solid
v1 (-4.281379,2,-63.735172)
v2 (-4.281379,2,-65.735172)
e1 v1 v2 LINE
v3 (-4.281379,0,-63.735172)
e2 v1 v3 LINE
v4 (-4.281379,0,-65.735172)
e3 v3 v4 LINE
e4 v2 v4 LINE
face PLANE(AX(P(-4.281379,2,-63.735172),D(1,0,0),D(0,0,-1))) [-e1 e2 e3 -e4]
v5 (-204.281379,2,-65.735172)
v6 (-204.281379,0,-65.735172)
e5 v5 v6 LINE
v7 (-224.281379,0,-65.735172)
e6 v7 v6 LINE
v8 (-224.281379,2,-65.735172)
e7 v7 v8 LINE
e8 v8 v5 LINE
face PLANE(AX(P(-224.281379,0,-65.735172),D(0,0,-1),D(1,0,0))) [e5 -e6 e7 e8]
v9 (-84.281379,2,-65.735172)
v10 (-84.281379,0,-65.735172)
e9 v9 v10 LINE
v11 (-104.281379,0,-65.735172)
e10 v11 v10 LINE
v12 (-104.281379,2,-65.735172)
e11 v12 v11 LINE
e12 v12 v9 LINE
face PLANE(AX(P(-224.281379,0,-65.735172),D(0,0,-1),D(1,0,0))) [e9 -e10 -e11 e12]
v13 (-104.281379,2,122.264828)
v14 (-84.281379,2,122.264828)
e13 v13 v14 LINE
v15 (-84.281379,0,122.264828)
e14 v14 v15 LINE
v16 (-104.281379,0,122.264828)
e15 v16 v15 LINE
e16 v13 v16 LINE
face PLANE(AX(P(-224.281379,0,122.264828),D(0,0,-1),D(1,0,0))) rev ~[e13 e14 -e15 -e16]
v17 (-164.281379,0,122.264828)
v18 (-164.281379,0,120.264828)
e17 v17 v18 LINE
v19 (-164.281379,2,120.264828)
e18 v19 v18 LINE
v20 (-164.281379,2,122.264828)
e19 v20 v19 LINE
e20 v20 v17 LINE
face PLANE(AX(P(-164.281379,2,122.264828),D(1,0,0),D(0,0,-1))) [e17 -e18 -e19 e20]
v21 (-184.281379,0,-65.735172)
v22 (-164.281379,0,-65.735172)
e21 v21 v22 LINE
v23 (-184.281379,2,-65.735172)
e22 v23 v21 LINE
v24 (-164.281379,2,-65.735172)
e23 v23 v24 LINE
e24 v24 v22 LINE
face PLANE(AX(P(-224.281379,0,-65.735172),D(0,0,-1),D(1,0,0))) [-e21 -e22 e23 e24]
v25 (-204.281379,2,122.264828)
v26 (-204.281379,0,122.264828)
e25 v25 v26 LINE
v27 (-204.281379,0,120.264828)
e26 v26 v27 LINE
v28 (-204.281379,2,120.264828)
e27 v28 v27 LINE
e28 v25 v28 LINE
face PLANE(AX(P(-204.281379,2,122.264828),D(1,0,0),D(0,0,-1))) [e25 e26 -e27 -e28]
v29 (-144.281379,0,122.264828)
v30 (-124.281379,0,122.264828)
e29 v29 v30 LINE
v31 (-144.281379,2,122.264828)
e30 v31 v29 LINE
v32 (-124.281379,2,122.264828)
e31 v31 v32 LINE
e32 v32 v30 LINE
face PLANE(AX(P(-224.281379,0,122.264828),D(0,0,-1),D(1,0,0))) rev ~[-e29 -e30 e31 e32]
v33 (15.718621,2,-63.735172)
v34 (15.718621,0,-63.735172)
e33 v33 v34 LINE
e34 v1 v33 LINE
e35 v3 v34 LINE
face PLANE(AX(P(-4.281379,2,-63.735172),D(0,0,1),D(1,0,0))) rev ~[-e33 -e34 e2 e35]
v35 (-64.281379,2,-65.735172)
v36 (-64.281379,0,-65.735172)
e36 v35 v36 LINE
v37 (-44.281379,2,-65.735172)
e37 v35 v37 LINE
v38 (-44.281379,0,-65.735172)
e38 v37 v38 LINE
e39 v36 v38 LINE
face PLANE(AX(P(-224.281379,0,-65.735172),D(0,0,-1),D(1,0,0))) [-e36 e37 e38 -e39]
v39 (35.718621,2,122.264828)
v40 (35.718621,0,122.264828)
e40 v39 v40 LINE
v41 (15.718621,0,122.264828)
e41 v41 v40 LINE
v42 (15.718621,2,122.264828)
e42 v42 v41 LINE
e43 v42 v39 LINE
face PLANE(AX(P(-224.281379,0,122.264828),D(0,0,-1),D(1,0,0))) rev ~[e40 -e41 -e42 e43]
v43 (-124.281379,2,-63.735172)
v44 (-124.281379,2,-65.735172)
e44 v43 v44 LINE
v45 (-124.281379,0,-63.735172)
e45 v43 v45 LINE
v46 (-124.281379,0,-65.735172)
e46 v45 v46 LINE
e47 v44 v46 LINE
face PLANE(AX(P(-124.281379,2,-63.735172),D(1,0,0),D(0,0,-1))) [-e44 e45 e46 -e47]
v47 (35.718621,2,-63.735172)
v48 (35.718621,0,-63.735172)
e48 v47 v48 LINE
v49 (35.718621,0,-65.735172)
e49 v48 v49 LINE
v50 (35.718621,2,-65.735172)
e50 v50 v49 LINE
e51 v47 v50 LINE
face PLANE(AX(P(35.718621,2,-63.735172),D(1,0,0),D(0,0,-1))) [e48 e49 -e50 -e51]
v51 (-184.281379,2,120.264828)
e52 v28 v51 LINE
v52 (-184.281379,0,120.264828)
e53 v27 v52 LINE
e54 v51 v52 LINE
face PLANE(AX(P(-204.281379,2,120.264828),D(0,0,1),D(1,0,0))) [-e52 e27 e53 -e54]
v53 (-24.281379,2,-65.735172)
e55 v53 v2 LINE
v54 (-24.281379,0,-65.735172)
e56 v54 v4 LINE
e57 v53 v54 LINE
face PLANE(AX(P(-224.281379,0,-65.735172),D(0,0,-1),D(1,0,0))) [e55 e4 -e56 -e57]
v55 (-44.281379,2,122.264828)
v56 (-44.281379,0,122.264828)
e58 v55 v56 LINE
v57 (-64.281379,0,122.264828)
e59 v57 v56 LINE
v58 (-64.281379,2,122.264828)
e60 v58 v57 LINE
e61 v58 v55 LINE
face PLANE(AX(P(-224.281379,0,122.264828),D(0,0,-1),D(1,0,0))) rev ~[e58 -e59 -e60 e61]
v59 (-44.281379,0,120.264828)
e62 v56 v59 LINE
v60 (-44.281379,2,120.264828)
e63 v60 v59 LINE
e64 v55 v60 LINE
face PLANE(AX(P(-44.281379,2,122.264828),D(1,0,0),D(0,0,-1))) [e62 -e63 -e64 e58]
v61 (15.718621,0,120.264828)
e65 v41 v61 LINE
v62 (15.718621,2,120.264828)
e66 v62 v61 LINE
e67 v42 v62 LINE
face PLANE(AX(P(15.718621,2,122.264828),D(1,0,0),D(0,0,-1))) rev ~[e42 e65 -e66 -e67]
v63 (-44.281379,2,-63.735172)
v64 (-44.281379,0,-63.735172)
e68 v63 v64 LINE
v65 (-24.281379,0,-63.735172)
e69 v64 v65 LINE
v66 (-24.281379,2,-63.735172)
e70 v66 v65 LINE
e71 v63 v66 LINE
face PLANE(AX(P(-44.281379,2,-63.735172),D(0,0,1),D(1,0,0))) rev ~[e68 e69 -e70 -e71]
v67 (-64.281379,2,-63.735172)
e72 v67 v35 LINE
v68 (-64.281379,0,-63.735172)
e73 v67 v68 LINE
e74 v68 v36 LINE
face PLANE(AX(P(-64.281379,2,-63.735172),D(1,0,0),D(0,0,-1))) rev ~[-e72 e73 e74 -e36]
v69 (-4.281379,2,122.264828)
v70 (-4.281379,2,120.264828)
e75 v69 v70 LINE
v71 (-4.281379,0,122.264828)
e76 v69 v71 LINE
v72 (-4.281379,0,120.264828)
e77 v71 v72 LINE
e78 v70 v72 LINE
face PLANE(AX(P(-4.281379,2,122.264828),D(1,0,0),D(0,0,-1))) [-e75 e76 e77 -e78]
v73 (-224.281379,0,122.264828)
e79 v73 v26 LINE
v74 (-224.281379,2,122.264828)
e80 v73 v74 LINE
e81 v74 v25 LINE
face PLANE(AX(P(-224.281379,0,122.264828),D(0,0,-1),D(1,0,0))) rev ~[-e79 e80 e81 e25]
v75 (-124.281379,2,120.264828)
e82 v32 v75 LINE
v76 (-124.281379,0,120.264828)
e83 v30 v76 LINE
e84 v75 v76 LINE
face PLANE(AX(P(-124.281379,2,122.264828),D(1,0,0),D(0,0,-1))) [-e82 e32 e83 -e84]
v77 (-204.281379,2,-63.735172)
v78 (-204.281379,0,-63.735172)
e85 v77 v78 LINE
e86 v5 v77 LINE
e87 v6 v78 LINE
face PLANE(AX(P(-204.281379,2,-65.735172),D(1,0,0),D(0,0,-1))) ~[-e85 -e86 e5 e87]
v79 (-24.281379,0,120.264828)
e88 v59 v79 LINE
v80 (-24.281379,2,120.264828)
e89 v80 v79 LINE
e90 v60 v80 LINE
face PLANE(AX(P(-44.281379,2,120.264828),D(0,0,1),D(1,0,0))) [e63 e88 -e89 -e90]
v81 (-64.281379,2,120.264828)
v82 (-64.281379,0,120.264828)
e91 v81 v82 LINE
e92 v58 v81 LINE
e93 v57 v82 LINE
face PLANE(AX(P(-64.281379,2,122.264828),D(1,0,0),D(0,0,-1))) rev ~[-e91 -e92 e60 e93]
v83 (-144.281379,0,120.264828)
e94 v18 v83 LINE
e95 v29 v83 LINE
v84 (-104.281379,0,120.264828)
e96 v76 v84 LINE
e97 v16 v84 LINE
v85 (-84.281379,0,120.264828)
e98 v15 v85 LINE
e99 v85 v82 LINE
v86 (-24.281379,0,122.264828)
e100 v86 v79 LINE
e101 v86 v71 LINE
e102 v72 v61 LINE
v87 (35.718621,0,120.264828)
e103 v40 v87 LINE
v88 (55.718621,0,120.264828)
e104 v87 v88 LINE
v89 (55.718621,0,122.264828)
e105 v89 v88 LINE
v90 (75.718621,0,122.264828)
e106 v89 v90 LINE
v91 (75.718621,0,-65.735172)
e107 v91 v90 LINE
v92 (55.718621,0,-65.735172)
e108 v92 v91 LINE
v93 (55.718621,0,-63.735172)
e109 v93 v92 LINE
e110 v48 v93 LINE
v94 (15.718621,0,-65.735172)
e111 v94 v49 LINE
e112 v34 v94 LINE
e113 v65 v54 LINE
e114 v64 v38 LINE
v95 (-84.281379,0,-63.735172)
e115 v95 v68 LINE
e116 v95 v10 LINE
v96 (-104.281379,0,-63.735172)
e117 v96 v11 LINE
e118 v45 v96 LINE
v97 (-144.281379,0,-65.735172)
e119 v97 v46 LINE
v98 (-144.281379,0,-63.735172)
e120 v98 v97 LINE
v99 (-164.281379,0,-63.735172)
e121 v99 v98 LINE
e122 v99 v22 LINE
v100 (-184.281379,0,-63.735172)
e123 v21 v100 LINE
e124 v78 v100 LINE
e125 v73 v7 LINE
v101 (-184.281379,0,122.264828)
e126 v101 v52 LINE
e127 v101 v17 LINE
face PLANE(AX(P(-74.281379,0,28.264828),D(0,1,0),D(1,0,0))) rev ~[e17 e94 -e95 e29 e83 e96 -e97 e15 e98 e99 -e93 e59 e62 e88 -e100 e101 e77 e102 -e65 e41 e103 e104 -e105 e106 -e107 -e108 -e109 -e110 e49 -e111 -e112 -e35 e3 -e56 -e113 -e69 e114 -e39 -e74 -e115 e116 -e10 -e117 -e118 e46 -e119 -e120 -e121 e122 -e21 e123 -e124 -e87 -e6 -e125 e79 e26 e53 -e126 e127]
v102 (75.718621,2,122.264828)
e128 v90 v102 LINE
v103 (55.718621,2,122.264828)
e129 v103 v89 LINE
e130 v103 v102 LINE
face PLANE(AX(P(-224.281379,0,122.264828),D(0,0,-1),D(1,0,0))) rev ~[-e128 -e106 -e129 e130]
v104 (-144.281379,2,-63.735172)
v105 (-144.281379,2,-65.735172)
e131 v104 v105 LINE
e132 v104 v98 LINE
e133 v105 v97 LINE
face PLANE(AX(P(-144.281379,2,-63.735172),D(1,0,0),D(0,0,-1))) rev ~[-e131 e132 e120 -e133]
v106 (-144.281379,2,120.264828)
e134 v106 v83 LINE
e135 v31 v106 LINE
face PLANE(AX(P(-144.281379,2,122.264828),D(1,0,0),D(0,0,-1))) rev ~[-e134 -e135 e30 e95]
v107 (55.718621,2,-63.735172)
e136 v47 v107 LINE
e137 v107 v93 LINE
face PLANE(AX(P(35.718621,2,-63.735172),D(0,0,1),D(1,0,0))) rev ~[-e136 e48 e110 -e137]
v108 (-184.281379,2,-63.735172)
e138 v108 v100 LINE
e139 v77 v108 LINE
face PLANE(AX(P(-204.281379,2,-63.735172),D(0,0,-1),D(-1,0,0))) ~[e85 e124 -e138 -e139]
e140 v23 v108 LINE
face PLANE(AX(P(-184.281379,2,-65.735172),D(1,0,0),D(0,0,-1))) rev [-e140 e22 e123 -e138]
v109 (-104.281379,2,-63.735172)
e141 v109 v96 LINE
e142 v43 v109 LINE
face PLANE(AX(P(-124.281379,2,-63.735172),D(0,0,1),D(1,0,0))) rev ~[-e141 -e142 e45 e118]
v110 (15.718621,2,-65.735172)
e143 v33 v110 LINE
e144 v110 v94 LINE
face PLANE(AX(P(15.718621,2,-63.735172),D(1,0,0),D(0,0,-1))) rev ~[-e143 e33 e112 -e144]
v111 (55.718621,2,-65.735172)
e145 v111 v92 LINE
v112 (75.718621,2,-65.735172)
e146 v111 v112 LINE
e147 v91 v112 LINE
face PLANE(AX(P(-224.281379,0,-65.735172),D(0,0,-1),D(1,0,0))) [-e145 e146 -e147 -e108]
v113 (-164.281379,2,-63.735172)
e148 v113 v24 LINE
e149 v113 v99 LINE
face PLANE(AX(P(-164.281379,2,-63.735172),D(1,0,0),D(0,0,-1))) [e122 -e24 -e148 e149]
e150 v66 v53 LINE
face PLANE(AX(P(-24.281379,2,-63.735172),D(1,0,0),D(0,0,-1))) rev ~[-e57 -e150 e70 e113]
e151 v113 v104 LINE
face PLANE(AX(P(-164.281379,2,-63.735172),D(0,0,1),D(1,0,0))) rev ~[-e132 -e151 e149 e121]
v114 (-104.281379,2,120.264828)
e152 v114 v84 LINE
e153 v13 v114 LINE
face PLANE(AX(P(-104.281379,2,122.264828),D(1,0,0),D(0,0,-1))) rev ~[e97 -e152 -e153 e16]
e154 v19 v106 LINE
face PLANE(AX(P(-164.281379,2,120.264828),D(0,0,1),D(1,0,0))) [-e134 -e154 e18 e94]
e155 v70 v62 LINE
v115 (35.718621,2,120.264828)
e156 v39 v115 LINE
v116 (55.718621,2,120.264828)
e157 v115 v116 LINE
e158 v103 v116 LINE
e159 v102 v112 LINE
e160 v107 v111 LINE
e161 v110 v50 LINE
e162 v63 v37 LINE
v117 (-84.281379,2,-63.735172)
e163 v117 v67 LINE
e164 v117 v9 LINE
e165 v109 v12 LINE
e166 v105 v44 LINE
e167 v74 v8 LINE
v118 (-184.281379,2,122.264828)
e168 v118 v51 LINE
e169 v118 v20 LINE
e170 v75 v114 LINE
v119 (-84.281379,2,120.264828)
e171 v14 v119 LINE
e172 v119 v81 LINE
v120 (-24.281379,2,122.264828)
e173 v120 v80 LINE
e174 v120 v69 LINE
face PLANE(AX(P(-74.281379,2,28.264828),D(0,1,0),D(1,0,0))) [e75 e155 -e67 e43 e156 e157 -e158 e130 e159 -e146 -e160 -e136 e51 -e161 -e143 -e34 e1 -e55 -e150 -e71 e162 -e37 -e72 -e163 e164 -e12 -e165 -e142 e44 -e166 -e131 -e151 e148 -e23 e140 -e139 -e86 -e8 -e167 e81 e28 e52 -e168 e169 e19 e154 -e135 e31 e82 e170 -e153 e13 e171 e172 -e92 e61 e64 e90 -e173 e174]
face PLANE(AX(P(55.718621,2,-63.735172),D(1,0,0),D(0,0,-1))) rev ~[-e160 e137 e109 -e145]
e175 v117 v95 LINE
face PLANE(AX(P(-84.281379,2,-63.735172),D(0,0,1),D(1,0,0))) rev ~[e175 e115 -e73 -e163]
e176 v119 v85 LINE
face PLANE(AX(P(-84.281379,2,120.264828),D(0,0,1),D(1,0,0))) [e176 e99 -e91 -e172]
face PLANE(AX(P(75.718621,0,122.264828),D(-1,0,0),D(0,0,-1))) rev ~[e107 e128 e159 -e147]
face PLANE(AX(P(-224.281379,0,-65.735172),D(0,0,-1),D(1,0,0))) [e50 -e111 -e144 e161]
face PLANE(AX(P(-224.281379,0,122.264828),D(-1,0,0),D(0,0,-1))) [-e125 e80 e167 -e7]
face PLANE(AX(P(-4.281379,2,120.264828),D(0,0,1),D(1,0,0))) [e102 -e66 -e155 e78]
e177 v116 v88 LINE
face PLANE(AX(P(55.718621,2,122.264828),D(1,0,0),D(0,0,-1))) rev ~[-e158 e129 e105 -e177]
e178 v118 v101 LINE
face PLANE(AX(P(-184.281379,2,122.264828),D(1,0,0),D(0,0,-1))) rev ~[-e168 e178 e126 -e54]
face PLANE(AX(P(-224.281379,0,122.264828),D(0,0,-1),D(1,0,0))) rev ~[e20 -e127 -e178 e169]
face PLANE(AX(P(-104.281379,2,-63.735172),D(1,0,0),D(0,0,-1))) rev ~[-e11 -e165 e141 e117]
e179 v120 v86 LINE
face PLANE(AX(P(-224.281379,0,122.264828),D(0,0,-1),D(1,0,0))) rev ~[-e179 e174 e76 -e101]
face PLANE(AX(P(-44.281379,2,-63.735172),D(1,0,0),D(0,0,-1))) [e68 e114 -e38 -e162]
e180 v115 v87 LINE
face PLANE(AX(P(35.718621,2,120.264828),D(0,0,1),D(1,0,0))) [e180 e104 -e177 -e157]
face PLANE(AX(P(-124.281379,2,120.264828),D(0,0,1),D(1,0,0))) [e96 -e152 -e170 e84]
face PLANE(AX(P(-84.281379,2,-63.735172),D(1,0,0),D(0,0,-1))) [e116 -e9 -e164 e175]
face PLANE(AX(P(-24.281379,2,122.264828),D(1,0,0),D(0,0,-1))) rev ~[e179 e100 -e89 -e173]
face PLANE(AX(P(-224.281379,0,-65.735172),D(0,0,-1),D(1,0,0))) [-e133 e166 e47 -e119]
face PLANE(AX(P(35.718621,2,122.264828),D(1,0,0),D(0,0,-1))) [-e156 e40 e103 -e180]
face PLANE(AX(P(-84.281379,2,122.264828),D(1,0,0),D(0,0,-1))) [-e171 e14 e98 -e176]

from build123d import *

# Parameters (mm, degrees)
SKETCH1_W               = 300
SKETCH1_H               = 188
BOSS_EXTRUDE1_DEPTH     = 2
SKETCH2_W               = 20
SKETCH2_H               = 2
CUT_EXTRUDE1_DEPTH      = 4
LPATTERN1_COUNT         = 8
LPATTERN1_PITCH         = 40
MIRROR1_COPY_1_SKETCH_W = 20
MIRROR1_COPY_1_SKETCH_H = 2
MIRROR1_COPY_1_DEPTH    = 4
MIRROR1_COPY_2_SKETCH_W = 20
MIRROR1_COPY_2_SKETCH_H = 2
MIRROR1_COPY_2_DEPTH    = 4
MIRROR1_COPY_3_SKETCH_W = 20
MIRROR1_COPY_3_SKETCH_H = 2
MIRROR1_COPY_3_DEPTH    = 4
MIRROR1_COPY_4_SKETCH_W = 20
MIRROR1_COPY_4_SKETCH_H = 2
MIRROR1_COPY_4_DEPTH    = 4
MIRROR1_COPY_5_SKETCH_W = 20
MIRROR1_COPY_5_SKETCH_H = 2
MIRROR1_COPY_5_DEPTH    = 4
MIRROR1_COPY_6_SKETCH_W = 20
MIRROR1_COPY_6_SKETCH_H = 2
MIRROR1_COPY_6_DEPTH    = 4
MIRROR1_COPY_7_SKETCH_W = 20
MIRROR1_COPY_7_SKETCH_H = 2
MIRROR1_COPY_7_DEPTH    = 4


with BuildPart() as part:
    # Sketch1 → Boss-Extrude1 (new body)
    with BuildSketch(Plane(origin=(0, 0, 0), x_dir=(1, 0, 0), z_dir=(0, 1, 0))):
        with Locations((-74.28137931, -28.264827586)):
            Rectangle(SKETCH1_W, SKETCH1_H)
    extrude(amount=BOSS_EXTRUDE1_DEPTH)

    # Sketch2 → Cut-Extrude1 (cut)
    with BuildSketch(Plane(origin=(0, 2, 0), x_dir=(1, 0, 0), z_dir=(0, 1, 0))):
        with Locations((-194.28137931, -121.264827586)):
            Rectangle(SKETCH2_W, SKETCH2_H)
    cut_extrude1 = extrude(amount=-CUT_EXTRUDE1_DEPTH, mode=Mode.SUBTRACT)

    # LPattern1: Cut-Extrude1 ×8
    with Locations(*[(i * LPATTERN1_PITCH, 0, 0) for i in range(1, LPATTERN1_COUNT)]):
        add(cut_extrude1, mode=Mode.SUBTRACT)

    # Mirror1: Cut-Extrude1 across plane
    add(cut_extrude1.mirror(Plane.XY.offset(28.264827586)), mode=Mode.SUBTRACT)

    # Mirror1 copy 1 sketch → Mirror1 copy 1 (cut)
    with BuildSketch(Plane(origin=(40, 2, 56.529655172), x_dir=(1, 0, 0), z_dir=(0, 1, 0))):
        with Locations((-194.28137931, 121.264827586)):
            Rectangle(MIRROR1_COPY_1_SKETCH_W, MIRROR1_COPY_1_SKETCH_H)
    extrude(amount=-MIRROR1_COPY_1_DEPTH, mode=Mode.SUBTRACT)

    # Mirror1 copy 2 sketch → Mirror1 copy 2 (cut)
    with BuildSketch(Plane(origin=(80, 2, 56.529655172), x_dir=(1, 0, 0), z_dir=(0, 1, 0))):
        with Locations((-194.28137931, 121.264827586)):
            Rectangle(MIRROR1_COPY_2_SKETCH_W, MIRROR1_COPY_2_SKETCH_H)
    extrude(amount=-MIRROR1_COPY_2_DEPTH, mode=Mode.SUBTRACT)

    # Mirror1 copy 3 sketch → Mirror1 copy 3 (cut)
    with BuildSketch(Plane(origin=(120, 2, 56.529655172), x_dir=(1, 0, 0), z_dir=(0, 1, 0))):
        with Locations((-194.28137931, 121.264827586)):
            Rectangle(MIRROR1_COPY_3_SKETCH_W, MIRROR1_COPY_3_SKETCH_H)
    extrude(amount=-MIRROR1_COPY_3_DEPTH, mode=Mode.SUBTRACT)

    # Mirror1 copy 4 sketch → Mirror1 copy 4 (cut)
    with BuildSketch(Plane(origin=(160, 2, 56.529655172), x_dir=(1, 0, 0), z_dir=(0, 1, 0))):
        with Locations((-194.28137931, 121.264827586)):
            Rectangle(MIRROR1_COPY_4_SKETCH_W, MIRROR1_COPY_4_SKETCH_H)
    extrude(amount=-MIRROR1_COPY_4_DEPTH, mode=Mode.SUBTRACT)

    # Mirror1 copy 5 sketch → Mirror1 copy 5 (cut)
    with BuildSketch(Plane(origin=(200, 2, 56.529655172), x_dir=(1, 0, 0), z_dir=(0, 1, 0))):
        with Locations((-194.28137931, 121.264827586)):
            Rectangle(MIRROR1_COPY_5_SKETCH_W, MIRROR1_COPY_5_SKETCH_H)
    extrude(amount=-MIRROR1_COPY_5_DEPTH, mode=Mode.SUBTRACT)

    # Mirror1 copy 6 sketch → Mirror1 copy 6 (cut)
    with BuildSketch(Plane(origin=(240, 2, 56.529655172), x_dir=(1, 0, 0), z_dir=(0, 1, 0))):
        with Locations((-194.28137931, 121.264827586)):
            Rectangle(MIRROR1_COPY_6_SKETCH_W, MIRROR1_COPY_6_SKETCH_H)
    extrude(amount=-MIRROR1_COPY_6_DEPTH, mode=Mode.SUBTRACT)

    # Mirror1 copy 7 sketch → Mirror1 copy 7 (cut)
    with BuildSketch(Plane(origin=(280, 2, 56.529655172), x_dir=(1, 0, 0), z_dir=(0, 1, 0))):
        with Locations((-194.28137931, 121.264827586)):
            Rectangle(MIRROR1_COPY_7_SKETCH_W, MIRROR1_COPY_7_SKETCH_H)
    extrude(amount=-MIRROR1_COPY_7_DEPTH, mode=Mode.SUBTRACT)


solid = part.part
